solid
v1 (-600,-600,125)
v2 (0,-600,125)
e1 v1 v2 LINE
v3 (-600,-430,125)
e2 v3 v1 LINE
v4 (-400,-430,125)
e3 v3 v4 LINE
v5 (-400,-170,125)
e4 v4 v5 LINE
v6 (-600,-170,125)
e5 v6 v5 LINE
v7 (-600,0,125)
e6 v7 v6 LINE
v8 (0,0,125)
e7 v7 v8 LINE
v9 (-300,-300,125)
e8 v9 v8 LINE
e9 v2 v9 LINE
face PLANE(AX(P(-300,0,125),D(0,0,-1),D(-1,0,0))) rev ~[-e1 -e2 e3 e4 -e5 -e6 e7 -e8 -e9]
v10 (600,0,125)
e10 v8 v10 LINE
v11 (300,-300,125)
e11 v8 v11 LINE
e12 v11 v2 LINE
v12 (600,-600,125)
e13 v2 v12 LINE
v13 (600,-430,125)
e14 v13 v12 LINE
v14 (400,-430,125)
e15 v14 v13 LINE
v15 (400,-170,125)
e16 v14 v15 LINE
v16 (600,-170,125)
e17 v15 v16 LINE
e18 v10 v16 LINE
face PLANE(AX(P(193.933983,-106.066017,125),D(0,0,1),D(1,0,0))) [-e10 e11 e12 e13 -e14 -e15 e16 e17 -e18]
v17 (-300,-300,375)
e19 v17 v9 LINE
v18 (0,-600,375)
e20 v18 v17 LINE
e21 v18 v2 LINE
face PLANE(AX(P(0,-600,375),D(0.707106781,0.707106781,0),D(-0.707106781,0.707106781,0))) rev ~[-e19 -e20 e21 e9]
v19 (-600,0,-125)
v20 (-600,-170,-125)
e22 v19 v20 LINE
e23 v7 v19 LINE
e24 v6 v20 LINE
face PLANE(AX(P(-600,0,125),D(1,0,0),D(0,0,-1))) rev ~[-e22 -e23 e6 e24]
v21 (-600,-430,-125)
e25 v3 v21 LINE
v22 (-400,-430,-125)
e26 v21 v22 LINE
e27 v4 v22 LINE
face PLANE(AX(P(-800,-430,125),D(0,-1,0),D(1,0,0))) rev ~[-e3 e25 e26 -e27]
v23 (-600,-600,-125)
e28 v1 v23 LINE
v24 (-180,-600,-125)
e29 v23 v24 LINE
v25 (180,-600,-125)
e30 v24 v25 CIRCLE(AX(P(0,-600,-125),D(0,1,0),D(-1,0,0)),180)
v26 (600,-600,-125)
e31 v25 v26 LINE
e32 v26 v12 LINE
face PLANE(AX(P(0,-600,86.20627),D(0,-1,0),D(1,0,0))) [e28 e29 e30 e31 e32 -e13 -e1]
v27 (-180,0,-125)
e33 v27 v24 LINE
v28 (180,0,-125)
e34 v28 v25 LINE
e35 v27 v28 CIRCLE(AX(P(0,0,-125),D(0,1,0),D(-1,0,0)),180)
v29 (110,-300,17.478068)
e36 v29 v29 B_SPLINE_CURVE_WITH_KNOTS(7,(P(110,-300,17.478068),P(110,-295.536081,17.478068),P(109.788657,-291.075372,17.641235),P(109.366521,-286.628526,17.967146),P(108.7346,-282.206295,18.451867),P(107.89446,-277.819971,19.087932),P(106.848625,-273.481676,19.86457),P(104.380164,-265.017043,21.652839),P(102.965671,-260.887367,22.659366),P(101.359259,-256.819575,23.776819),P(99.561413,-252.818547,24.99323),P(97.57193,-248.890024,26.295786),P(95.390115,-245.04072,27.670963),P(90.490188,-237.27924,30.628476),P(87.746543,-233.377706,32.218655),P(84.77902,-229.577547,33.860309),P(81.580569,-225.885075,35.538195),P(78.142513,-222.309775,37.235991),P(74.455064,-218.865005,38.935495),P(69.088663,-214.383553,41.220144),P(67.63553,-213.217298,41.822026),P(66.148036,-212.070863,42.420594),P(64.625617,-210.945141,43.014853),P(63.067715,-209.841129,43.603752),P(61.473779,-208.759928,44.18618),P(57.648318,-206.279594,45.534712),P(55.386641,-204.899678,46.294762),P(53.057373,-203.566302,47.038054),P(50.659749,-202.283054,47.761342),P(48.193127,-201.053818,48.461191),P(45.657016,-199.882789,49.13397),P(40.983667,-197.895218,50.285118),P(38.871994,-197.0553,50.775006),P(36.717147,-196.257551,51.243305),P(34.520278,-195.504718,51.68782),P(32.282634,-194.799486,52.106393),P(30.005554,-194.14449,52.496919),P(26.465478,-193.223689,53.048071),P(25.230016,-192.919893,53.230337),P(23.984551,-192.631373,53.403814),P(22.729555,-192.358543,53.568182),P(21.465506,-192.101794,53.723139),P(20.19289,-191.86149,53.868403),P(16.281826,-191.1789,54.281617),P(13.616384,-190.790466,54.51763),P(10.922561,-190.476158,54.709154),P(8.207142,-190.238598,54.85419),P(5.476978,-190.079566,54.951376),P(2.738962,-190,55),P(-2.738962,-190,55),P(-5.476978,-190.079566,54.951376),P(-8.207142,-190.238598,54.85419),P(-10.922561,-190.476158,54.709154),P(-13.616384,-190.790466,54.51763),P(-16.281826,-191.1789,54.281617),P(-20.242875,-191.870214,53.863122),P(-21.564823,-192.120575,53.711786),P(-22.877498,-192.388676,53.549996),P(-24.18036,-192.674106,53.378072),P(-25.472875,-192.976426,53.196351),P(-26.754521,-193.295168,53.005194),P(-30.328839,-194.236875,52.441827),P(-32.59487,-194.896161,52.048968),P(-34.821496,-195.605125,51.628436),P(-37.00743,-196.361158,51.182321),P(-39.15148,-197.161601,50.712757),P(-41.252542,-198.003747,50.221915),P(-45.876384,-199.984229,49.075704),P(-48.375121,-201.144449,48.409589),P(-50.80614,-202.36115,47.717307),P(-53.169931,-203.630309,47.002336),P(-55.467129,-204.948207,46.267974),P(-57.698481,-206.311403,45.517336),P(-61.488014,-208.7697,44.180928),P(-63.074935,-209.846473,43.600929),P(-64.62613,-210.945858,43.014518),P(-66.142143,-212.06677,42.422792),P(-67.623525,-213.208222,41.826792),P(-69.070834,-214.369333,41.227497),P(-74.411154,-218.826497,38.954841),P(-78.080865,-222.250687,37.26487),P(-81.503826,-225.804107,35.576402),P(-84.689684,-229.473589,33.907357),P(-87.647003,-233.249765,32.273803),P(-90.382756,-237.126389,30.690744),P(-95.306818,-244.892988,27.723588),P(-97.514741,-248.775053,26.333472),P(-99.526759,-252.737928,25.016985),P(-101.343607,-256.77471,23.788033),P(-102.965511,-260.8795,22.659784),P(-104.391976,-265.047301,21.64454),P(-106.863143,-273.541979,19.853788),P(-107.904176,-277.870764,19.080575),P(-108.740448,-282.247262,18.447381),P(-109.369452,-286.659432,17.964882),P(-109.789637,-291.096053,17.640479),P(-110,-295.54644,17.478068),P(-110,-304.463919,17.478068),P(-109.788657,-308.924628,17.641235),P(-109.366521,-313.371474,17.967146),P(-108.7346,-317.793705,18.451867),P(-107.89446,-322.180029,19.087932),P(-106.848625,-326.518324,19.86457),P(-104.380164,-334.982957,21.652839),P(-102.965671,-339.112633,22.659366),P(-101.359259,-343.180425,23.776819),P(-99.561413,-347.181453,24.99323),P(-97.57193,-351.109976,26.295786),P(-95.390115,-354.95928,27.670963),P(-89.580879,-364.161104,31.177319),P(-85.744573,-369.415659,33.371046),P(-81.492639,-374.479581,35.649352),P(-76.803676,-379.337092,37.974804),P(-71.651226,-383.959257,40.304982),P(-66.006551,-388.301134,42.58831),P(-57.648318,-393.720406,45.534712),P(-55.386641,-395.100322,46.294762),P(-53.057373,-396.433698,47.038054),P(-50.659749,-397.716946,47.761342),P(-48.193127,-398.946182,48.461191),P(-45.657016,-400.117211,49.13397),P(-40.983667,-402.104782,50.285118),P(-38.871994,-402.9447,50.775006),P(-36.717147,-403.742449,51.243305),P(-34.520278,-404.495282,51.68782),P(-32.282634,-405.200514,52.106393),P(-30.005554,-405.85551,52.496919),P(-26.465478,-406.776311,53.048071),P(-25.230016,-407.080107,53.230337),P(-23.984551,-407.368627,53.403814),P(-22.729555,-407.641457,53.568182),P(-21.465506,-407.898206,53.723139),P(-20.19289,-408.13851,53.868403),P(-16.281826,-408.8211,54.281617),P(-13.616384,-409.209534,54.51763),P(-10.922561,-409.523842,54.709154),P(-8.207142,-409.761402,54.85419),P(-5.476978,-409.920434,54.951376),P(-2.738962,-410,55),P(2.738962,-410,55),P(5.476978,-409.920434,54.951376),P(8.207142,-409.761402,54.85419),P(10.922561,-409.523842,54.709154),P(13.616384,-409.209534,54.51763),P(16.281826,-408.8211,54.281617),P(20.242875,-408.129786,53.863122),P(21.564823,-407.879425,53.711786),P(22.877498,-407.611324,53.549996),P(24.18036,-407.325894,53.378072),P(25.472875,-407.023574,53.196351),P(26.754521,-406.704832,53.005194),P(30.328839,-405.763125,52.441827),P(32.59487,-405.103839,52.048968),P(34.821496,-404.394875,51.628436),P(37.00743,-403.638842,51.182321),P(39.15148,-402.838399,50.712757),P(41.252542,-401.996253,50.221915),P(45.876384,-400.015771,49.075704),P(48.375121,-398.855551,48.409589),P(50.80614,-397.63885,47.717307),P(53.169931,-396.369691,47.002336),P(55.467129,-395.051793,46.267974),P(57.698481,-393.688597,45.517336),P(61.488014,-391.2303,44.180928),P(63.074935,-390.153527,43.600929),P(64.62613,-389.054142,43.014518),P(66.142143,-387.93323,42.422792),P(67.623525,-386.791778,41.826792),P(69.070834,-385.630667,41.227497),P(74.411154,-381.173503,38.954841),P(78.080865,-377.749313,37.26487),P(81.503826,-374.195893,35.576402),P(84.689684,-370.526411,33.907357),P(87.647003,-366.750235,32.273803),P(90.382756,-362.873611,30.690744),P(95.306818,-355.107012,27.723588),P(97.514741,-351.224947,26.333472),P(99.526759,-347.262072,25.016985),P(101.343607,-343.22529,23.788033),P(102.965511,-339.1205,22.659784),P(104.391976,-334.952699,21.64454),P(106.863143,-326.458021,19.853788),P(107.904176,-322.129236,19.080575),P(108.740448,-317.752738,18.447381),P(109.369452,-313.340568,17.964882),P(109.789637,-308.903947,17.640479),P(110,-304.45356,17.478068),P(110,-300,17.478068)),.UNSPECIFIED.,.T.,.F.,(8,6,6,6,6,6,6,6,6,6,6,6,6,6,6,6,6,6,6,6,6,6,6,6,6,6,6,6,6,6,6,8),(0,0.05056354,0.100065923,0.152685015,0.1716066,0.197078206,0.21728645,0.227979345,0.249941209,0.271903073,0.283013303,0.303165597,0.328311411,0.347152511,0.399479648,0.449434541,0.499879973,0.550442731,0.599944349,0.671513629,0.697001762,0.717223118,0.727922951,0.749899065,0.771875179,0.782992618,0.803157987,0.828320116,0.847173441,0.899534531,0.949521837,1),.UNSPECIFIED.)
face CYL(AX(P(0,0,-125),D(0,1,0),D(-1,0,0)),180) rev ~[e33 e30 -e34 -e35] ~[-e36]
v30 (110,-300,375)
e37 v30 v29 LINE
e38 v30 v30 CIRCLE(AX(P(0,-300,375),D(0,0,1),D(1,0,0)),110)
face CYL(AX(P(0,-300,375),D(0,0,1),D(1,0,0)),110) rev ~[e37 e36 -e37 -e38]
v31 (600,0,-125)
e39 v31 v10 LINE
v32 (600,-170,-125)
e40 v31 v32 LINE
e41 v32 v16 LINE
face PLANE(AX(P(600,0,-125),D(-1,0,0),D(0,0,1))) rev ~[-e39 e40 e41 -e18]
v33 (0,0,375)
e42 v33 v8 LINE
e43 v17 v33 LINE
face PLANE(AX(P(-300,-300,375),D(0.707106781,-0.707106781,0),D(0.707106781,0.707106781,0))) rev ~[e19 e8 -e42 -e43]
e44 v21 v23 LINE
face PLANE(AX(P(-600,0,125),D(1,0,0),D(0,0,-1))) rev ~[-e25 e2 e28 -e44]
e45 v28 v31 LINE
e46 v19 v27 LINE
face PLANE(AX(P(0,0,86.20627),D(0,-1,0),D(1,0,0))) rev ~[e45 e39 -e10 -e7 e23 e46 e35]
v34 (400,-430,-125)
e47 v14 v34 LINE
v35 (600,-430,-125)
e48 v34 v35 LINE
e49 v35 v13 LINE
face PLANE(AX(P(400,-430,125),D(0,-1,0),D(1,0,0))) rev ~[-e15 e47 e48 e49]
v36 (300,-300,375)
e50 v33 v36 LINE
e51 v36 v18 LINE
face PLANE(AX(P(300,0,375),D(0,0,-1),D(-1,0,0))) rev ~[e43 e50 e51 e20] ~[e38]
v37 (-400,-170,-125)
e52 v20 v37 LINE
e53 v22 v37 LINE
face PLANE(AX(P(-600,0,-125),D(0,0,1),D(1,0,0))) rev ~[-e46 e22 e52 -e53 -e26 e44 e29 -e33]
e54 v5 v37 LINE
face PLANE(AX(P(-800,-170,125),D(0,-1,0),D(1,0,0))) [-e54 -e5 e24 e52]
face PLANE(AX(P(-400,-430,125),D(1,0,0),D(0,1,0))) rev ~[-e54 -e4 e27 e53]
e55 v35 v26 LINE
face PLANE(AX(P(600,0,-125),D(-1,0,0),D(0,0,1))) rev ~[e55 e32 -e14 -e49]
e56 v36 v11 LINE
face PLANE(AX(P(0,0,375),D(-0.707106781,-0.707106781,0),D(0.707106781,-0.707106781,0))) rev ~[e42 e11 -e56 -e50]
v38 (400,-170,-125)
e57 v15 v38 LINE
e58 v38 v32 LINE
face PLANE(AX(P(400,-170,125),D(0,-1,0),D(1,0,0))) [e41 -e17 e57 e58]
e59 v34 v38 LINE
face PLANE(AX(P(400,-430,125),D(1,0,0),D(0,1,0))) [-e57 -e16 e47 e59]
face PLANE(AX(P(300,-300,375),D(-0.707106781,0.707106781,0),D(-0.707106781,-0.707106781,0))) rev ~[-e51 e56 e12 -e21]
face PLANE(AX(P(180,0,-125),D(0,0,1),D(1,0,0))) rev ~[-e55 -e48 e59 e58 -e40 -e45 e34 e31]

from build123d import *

# Parameters (mm, degrees)
F1_DEPTH  = 600
F2_W      = 400
F2_H      = 260
F3_DEPTH  = 250.001
F4_W      = 400
F4_H      = 260
F5_DEPTH  = 250.001
F7_DEPTH  = 250
F9_DEPTH  = 250
F10_R     = 110
F11_DEPTH = 500.001


with BuildPart() as f1:
    # F0 (on Front) → F1 (new body)
    with BuildSketch(Plane.XZ):
        with BuildLine():
            Line((-600, 125), (-600, -125))
            Line((-600, -125), (-180, -125))
            ThreePointArc((-180, -125), (0, 55), (180, -125))
            Line((180, -125), (600, -125))
            Line((600, -125), (600, 125))
            Line((600, 125), (300, 125))
            Line((300, 125), (300, 375))
            Line((300, 375), (-300, 375))
            Line((-300, 375), (-300, 125))
            Line((-300, 125), (-600, 125))
        make_face()
    extrude(amount=F1_DEPTH)

    # F2 (on face) → F3 (cut, through all)
    with BuildSketch(Plane.XY.offset(125)):
        with Locations((-600, -300)):
            Rectangle(F2_W, F2_H)
    extrude(amount=-F3_DEPTH, mode=Mode.SUBTRACT)

    # F4 (on face) → F5 (cut, through all)
    with BuildSketch(Plane.XY.offset(125)):
        with Locations((600, -300)):
            Rectangle(F4_W, F4_H)
    extrude(amount=-F5_DEPTH, mode=Mode.SUBTRACT)

    # F6 (on face) → F7 (cut)
    with BuildSketch(Plane.XY.offset(375)):
        Polygon((300, -600), (300, -300), (0, -600), align=None)
        Polygon((-300, 0), (-300, -300), (0, 0), align=None)
        Polygon((-300, -600), (0, -600), (-300, -300), align=None)
    extrude(amount=-F7_DEPTH, mode=Mode.SUBTRACT)

    # F8 (on face) → F9 (cut)
    with BuildSketch(Plane.XY.offset(375)):
        Polygon((300, 0), (0, 0), (300, -300), align=None)
    extrude(amount=-F9_DEPTH, mode=Mode.SUBTRACT)

    # F10 (on face) → F11 (cut, through all)
    with BuildSketch(Plane.XY.offset(375)):
        with Locations((0, -300)):
            Circle(F10_R)
    extrude(amount=-F11_DEPTH, mode=Mode.SUBTRACT)


solid = f1.part
